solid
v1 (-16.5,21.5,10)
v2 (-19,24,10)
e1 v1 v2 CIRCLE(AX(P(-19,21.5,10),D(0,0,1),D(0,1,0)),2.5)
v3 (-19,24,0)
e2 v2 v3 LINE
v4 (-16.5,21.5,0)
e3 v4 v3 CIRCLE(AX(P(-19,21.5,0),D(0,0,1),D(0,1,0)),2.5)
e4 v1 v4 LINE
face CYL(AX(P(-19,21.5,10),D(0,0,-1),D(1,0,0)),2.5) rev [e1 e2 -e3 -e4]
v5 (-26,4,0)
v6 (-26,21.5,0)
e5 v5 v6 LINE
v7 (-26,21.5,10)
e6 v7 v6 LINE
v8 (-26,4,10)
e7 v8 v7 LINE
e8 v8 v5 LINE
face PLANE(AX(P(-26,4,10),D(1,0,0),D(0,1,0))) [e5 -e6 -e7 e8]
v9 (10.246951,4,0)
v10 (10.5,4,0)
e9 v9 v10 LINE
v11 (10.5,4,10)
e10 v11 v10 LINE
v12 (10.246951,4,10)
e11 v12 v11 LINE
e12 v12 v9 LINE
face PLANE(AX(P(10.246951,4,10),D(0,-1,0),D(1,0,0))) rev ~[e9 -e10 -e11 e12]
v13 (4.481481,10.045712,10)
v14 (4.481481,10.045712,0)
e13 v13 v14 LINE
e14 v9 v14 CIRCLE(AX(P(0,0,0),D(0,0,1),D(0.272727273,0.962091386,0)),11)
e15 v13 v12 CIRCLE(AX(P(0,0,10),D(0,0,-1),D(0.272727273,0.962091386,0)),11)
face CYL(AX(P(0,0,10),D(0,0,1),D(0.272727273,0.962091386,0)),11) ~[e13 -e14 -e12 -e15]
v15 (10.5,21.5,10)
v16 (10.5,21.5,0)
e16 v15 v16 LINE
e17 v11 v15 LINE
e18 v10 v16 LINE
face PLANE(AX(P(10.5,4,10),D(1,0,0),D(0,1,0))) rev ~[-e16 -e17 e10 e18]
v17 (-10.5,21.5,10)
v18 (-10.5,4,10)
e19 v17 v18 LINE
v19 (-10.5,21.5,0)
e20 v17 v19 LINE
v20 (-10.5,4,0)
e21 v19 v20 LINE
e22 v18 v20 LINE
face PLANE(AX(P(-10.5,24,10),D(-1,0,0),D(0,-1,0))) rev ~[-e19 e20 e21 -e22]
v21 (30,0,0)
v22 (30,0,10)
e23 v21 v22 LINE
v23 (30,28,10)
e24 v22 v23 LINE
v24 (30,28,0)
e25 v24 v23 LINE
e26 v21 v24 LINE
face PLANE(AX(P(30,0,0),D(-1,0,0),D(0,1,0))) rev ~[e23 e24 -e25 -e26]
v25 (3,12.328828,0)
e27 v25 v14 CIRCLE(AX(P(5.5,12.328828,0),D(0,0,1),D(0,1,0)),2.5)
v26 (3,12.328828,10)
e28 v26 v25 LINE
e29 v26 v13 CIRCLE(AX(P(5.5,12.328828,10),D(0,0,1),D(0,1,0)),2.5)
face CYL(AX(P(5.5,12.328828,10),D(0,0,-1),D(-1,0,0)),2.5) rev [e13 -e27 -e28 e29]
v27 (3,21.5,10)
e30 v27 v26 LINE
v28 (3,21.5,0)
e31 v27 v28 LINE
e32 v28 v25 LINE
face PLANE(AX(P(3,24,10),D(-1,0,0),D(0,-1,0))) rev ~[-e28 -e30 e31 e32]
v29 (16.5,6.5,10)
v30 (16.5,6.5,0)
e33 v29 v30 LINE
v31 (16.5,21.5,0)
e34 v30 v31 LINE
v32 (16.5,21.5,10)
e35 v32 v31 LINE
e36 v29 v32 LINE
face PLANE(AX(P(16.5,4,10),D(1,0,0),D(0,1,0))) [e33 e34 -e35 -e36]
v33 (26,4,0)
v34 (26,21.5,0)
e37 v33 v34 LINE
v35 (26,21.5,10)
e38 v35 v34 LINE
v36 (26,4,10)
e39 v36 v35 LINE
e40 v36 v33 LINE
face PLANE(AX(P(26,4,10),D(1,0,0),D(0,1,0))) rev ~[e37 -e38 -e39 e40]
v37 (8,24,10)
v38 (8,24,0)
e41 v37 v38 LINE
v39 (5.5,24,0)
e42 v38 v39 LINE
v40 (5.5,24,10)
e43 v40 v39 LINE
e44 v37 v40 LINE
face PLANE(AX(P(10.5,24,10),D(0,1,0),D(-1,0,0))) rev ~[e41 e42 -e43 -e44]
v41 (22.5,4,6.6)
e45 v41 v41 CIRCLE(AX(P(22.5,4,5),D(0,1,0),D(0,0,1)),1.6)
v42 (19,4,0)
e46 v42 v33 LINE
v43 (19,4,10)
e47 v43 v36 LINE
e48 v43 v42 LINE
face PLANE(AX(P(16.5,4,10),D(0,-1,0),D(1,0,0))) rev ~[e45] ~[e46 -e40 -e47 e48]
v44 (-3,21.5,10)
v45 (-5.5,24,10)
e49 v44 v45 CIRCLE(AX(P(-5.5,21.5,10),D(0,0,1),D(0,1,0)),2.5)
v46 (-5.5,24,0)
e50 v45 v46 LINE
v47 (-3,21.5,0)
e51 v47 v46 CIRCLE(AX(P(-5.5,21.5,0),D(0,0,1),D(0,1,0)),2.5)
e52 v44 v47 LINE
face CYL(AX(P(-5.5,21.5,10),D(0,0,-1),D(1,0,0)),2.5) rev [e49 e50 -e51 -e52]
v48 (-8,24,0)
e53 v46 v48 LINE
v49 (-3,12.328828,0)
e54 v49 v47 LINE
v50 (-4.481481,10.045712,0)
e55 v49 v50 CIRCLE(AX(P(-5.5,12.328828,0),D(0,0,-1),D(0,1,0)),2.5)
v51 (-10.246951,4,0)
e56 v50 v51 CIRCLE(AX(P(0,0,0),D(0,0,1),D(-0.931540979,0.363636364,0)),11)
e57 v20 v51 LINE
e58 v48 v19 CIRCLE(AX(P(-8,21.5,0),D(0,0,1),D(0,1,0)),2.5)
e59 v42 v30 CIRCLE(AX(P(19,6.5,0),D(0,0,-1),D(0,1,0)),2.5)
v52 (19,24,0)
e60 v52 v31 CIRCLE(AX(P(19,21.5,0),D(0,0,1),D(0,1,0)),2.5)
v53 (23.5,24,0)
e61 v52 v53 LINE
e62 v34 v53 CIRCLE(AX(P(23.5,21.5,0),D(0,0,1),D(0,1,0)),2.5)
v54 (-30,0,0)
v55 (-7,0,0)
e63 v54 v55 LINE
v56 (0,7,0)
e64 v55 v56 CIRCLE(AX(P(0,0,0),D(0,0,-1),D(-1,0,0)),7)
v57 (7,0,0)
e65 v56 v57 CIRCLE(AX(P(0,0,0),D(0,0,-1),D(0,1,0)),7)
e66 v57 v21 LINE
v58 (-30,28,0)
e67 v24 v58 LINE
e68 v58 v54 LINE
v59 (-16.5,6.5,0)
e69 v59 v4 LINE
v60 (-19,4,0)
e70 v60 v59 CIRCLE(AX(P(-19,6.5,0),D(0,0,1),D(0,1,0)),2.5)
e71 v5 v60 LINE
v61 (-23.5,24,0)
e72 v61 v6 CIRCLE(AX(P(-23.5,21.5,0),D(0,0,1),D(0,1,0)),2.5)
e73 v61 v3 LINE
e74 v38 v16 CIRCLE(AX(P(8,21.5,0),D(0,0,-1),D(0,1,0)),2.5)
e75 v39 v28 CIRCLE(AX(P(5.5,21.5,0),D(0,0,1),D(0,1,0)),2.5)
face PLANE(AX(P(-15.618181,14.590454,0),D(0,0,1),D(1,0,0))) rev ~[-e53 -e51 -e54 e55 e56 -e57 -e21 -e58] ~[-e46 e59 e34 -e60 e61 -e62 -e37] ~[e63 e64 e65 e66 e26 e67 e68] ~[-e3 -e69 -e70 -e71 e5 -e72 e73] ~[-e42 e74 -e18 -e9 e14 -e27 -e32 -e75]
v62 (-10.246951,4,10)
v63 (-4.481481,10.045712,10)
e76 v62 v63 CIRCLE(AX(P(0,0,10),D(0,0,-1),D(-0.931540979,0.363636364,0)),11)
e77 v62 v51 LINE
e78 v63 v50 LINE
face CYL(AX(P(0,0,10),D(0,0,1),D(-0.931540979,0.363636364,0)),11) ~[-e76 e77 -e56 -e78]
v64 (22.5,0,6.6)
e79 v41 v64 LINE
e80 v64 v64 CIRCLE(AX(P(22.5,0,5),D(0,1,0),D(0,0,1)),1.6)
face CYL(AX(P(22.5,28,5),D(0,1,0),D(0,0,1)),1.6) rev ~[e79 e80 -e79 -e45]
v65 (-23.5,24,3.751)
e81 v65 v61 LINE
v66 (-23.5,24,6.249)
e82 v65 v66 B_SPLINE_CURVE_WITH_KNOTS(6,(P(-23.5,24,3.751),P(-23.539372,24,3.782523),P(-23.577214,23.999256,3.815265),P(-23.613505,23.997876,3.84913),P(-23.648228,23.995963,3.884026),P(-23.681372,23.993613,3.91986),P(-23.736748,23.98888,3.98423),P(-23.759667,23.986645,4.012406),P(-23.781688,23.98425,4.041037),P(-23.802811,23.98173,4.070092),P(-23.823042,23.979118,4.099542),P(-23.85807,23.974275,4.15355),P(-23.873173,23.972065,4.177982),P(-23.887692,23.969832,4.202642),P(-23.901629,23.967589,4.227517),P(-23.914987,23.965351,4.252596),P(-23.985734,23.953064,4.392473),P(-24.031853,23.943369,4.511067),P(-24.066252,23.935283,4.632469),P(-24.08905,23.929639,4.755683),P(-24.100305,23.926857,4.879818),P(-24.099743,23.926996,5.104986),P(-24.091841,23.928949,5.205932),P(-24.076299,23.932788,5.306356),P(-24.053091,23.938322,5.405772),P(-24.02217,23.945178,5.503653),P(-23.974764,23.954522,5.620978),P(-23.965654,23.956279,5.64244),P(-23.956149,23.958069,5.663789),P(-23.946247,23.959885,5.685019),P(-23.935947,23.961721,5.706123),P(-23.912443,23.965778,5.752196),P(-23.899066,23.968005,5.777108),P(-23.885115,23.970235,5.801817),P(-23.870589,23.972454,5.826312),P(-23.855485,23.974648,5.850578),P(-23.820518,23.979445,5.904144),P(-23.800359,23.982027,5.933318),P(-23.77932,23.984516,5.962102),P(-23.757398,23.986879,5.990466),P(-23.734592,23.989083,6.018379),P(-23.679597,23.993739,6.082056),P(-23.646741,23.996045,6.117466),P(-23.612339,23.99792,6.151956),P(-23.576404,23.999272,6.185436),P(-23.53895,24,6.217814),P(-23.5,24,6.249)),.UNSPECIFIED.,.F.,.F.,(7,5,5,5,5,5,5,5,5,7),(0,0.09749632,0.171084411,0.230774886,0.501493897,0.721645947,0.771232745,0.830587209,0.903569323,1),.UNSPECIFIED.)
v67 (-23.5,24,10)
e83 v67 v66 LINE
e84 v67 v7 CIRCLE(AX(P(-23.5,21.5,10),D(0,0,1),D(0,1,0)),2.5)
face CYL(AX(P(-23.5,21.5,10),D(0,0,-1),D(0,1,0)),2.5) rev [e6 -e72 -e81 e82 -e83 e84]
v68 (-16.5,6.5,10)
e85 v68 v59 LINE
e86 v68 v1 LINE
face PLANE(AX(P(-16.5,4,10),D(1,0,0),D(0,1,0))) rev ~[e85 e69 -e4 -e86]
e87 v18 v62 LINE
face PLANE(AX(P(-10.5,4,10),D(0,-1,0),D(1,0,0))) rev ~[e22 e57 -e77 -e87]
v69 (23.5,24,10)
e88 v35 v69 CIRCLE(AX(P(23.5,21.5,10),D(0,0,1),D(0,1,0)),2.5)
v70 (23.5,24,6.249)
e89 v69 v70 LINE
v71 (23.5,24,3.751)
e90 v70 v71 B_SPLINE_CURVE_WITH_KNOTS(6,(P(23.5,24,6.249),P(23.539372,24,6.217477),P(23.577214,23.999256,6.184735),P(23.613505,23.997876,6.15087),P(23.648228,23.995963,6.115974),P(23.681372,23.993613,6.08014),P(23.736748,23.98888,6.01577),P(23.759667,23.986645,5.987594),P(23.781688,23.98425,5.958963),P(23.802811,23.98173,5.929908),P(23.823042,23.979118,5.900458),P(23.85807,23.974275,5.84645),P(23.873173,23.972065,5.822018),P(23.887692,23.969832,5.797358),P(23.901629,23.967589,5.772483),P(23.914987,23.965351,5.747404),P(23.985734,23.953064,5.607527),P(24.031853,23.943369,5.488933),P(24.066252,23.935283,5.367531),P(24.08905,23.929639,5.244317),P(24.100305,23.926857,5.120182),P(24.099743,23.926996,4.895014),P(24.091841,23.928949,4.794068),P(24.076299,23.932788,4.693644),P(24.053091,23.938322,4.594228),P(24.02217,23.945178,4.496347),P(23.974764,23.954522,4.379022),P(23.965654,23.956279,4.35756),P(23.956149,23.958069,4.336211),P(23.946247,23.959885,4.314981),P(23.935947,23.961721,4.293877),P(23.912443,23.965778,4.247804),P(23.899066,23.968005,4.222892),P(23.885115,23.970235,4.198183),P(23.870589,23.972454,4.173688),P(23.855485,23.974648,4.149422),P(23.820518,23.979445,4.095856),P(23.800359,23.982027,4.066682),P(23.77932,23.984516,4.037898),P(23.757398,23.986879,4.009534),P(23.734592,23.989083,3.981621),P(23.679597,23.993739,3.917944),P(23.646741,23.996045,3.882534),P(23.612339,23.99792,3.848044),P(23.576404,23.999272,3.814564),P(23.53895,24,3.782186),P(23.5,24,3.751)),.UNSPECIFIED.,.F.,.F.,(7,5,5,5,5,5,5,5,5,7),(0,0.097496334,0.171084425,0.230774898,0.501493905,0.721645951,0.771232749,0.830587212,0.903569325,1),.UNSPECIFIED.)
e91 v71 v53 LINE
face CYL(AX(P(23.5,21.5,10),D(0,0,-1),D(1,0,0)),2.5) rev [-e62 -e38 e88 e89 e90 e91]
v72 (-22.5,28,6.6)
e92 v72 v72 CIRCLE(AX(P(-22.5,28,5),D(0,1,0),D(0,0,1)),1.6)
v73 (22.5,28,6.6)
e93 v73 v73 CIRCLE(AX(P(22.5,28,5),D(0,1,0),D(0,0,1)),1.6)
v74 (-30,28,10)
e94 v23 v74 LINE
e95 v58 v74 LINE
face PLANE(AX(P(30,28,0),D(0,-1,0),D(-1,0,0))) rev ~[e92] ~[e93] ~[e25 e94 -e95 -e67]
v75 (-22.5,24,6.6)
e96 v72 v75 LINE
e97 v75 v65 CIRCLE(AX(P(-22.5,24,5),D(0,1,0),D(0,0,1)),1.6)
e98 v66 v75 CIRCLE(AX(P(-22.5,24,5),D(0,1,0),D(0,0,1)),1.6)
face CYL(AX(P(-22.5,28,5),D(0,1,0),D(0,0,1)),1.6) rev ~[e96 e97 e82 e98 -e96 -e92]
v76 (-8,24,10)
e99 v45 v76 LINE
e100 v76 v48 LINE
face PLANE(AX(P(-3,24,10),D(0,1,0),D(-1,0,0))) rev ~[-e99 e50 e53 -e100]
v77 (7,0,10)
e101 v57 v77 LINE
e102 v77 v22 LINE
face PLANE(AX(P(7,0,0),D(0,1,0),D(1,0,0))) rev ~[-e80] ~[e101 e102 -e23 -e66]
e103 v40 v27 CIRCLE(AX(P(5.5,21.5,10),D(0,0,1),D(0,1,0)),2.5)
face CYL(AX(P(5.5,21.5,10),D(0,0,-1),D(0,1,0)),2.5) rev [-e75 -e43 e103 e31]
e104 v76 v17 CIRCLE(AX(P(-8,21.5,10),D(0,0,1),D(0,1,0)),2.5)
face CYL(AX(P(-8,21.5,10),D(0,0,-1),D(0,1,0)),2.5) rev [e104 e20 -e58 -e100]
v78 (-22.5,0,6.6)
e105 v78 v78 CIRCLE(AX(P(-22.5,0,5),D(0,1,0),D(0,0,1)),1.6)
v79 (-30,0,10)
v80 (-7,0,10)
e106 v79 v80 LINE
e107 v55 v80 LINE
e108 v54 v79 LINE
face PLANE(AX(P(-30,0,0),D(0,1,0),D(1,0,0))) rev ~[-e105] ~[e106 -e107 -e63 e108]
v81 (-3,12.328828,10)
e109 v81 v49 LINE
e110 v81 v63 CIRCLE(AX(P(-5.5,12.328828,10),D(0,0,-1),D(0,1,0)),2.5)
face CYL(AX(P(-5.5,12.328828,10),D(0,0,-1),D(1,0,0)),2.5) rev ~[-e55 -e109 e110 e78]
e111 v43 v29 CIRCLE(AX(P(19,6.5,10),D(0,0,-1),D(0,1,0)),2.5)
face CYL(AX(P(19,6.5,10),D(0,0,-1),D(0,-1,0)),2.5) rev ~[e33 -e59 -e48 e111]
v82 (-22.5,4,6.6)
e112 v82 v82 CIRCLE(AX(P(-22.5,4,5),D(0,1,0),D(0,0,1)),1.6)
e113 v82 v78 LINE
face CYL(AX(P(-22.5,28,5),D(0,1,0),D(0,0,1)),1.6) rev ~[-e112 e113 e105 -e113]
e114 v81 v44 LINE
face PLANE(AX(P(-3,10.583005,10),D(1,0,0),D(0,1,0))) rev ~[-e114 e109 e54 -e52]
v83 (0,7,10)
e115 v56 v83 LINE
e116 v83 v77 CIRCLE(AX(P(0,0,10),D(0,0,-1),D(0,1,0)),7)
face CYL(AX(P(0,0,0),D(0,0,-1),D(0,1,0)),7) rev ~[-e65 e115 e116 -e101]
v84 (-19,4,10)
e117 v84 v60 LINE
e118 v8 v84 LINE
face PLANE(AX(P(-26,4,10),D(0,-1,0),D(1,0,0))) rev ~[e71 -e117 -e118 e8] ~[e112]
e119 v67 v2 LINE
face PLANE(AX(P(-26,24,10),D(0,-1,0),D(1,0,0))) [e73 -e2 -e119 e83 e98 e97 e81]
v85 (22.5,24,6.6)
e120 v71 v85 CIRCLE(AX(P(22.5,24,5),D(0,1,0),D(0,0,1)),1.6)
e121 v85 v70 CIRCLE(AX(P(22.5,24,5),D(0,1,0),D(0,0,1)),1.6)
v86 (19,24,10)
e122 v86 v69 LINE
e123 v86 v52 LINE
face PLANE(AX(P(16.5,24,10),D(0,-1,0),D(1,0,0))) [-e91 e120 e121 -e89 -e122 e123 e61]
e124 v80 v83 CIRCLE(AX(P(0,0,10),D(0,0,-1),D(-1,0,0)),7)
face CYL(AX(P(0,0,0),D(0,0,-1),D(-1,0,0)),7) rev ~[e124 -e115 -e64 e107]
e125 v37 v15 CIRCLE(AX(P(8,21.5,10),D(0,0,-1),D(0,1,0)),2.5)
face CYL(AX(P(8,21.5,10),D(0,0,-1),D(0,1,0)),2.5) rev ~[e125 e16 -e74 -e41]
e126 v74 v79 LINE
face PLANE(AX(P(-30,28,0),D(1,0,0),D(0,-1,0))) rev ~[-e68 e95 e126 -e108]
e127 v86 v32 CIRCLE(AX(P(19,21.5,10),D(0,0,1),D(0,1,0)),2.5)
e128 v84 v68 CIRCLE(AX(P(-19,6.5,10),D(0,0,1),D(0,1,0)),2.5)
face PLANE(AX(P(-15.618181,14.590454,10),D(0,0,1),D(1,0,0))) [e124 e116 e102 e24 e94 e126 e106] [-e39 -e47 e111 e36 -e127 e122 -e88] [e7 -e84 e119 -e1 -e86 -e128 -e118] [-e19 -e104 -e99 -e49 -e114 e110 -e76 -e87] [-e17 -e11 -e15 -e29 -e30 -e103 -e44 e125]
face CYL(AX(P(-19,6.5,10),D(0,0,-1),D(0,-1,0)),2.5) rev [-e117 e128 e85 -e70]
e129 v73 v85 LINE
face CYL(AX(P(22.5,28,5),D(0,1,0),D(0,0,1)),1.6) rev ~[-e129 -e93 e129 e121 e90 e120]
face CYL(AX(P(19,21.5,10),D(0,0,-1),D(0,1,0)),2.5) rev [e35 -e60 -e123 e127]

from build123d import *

# Parameters (mm, degrees)
EXTRUDE_1_DEPTH     = 10
SKETCH_2_W          = 9.5
SKETCH_2_H          = 20
CUT_EXTRUDE_2_DEPTH = 15
FILLET_1_R          = 2.5
SKETCH_3_R          = 1.6
CUT_EXTRUDE_1_DEPTH = 43.237424164


with BuildPart() as part:
    # ｽｹｯﾁ1 → ﾎﾞｽ - 押し出し1 (new body)
    with BuildSketch(Plane.XY):
        with BuildLine():
            Line((-30, 28), (-30, 0))
            Line((-30, 0), (-7, 0))
            ThreePointArc((-7, 0), (-4.949747468, 4.949747468), (0, 7))
            Line((0, 7), (0, 28))
            Line((0, 28), (-30, 28))
        make_face()
        with BuildLine():
            Line((7, 0), (30, 0))
            Line((30, 0), (30, 28))
            Line((30, 28), (0, 28))
            Line((0, 28), (0, 7))
            ThreePointArc((0, 7), (4.949747468, 4.949747468), (7, 0))
        make_face()
    extrude(amount=EXTRUDE_1_DEPTH)

    # ｽｹｯﾁ2 → ｶｯﾄ - 押し出し2 (cut)
    with BuildSketch(Plane.XY.offset(10)):
        with BuildLine():
            Line((10.5, 24), (3, 24))
            Line((3, 24), (3, 10.583005244))
            ThreePointArc((3, 10.583005244), (7.396243348, 8.14221004), (10.246950766, 4))
            Line((10.246950766, 4), (10.5, 4))
            Line((10.5, 4), (10.5, 24))
        make_face()
        with BuildLine():
            Line((-3, 10.583005244), (-3, 24))
            Line((-3, 24), (-10.5, 24))
            Line((-10.5, 24), (-10.5, 4))
            Line((-10.5, 4), (-10.246950766, 4))
            ThreePointArc((-10.246950766, 4), (-7.396243348, 8.14221004), (-3, 10.583005244))
        make_face()
        with Locations((21.25, 14)):
            Rectangle(SKETCH_2_W, SKETCH_2_H)
        with Locations((-21.25, 14)):
            Rectangle(SKETCH_2_W, SKETCH_2_H)
    extrude(amount=-CUT_EXTRUDE_2_DEPTH, mode=Mode.SUBTRACT)

    # ﾌｨﾚｯﾄ1
    fillet_1_edges = [part.edges().sort_by_distance(p)[0] for p in [
        (16.5, 4, 5),
        (16.5, 24, 5),
        (26, 24, 5),
        (3, 10.583005244, 5),
        (3, 24, 5),
        (10.5, 24, 5),
        (-3, 10.583005244, 5),
        (-10.5, 24, 5),
        (-3, 24, 5),
        (-16.5, 4, 5),
        (-26, 24, 5),
        (-16.5, 24, 5),
    ]]
    fillet(fillet_1_edges, radius=FILLET_1_R)

    # ｽｹｯﾁ3 → ｶｯﾄ - 押し出し1 (cut, through all)
    with BuildSketch(Plane(origin=(0, 28, 0), x_dir=(1, 0, 0), z_dir=(0, 1, 0))):
        with Locations(Location((-22.5, -5, 0), (0, 0, 270))):
            Circle(SKETCH_3_R)
        with Locations(Location((22.5, -5, 0), (0, 0, 270))):
            Circle(SKETCH_3_R)
    extrude(amount=-CUT_EXTRUDE_1_DEPTH, mode=Mode.SUBTRACT)


solid = part.part
